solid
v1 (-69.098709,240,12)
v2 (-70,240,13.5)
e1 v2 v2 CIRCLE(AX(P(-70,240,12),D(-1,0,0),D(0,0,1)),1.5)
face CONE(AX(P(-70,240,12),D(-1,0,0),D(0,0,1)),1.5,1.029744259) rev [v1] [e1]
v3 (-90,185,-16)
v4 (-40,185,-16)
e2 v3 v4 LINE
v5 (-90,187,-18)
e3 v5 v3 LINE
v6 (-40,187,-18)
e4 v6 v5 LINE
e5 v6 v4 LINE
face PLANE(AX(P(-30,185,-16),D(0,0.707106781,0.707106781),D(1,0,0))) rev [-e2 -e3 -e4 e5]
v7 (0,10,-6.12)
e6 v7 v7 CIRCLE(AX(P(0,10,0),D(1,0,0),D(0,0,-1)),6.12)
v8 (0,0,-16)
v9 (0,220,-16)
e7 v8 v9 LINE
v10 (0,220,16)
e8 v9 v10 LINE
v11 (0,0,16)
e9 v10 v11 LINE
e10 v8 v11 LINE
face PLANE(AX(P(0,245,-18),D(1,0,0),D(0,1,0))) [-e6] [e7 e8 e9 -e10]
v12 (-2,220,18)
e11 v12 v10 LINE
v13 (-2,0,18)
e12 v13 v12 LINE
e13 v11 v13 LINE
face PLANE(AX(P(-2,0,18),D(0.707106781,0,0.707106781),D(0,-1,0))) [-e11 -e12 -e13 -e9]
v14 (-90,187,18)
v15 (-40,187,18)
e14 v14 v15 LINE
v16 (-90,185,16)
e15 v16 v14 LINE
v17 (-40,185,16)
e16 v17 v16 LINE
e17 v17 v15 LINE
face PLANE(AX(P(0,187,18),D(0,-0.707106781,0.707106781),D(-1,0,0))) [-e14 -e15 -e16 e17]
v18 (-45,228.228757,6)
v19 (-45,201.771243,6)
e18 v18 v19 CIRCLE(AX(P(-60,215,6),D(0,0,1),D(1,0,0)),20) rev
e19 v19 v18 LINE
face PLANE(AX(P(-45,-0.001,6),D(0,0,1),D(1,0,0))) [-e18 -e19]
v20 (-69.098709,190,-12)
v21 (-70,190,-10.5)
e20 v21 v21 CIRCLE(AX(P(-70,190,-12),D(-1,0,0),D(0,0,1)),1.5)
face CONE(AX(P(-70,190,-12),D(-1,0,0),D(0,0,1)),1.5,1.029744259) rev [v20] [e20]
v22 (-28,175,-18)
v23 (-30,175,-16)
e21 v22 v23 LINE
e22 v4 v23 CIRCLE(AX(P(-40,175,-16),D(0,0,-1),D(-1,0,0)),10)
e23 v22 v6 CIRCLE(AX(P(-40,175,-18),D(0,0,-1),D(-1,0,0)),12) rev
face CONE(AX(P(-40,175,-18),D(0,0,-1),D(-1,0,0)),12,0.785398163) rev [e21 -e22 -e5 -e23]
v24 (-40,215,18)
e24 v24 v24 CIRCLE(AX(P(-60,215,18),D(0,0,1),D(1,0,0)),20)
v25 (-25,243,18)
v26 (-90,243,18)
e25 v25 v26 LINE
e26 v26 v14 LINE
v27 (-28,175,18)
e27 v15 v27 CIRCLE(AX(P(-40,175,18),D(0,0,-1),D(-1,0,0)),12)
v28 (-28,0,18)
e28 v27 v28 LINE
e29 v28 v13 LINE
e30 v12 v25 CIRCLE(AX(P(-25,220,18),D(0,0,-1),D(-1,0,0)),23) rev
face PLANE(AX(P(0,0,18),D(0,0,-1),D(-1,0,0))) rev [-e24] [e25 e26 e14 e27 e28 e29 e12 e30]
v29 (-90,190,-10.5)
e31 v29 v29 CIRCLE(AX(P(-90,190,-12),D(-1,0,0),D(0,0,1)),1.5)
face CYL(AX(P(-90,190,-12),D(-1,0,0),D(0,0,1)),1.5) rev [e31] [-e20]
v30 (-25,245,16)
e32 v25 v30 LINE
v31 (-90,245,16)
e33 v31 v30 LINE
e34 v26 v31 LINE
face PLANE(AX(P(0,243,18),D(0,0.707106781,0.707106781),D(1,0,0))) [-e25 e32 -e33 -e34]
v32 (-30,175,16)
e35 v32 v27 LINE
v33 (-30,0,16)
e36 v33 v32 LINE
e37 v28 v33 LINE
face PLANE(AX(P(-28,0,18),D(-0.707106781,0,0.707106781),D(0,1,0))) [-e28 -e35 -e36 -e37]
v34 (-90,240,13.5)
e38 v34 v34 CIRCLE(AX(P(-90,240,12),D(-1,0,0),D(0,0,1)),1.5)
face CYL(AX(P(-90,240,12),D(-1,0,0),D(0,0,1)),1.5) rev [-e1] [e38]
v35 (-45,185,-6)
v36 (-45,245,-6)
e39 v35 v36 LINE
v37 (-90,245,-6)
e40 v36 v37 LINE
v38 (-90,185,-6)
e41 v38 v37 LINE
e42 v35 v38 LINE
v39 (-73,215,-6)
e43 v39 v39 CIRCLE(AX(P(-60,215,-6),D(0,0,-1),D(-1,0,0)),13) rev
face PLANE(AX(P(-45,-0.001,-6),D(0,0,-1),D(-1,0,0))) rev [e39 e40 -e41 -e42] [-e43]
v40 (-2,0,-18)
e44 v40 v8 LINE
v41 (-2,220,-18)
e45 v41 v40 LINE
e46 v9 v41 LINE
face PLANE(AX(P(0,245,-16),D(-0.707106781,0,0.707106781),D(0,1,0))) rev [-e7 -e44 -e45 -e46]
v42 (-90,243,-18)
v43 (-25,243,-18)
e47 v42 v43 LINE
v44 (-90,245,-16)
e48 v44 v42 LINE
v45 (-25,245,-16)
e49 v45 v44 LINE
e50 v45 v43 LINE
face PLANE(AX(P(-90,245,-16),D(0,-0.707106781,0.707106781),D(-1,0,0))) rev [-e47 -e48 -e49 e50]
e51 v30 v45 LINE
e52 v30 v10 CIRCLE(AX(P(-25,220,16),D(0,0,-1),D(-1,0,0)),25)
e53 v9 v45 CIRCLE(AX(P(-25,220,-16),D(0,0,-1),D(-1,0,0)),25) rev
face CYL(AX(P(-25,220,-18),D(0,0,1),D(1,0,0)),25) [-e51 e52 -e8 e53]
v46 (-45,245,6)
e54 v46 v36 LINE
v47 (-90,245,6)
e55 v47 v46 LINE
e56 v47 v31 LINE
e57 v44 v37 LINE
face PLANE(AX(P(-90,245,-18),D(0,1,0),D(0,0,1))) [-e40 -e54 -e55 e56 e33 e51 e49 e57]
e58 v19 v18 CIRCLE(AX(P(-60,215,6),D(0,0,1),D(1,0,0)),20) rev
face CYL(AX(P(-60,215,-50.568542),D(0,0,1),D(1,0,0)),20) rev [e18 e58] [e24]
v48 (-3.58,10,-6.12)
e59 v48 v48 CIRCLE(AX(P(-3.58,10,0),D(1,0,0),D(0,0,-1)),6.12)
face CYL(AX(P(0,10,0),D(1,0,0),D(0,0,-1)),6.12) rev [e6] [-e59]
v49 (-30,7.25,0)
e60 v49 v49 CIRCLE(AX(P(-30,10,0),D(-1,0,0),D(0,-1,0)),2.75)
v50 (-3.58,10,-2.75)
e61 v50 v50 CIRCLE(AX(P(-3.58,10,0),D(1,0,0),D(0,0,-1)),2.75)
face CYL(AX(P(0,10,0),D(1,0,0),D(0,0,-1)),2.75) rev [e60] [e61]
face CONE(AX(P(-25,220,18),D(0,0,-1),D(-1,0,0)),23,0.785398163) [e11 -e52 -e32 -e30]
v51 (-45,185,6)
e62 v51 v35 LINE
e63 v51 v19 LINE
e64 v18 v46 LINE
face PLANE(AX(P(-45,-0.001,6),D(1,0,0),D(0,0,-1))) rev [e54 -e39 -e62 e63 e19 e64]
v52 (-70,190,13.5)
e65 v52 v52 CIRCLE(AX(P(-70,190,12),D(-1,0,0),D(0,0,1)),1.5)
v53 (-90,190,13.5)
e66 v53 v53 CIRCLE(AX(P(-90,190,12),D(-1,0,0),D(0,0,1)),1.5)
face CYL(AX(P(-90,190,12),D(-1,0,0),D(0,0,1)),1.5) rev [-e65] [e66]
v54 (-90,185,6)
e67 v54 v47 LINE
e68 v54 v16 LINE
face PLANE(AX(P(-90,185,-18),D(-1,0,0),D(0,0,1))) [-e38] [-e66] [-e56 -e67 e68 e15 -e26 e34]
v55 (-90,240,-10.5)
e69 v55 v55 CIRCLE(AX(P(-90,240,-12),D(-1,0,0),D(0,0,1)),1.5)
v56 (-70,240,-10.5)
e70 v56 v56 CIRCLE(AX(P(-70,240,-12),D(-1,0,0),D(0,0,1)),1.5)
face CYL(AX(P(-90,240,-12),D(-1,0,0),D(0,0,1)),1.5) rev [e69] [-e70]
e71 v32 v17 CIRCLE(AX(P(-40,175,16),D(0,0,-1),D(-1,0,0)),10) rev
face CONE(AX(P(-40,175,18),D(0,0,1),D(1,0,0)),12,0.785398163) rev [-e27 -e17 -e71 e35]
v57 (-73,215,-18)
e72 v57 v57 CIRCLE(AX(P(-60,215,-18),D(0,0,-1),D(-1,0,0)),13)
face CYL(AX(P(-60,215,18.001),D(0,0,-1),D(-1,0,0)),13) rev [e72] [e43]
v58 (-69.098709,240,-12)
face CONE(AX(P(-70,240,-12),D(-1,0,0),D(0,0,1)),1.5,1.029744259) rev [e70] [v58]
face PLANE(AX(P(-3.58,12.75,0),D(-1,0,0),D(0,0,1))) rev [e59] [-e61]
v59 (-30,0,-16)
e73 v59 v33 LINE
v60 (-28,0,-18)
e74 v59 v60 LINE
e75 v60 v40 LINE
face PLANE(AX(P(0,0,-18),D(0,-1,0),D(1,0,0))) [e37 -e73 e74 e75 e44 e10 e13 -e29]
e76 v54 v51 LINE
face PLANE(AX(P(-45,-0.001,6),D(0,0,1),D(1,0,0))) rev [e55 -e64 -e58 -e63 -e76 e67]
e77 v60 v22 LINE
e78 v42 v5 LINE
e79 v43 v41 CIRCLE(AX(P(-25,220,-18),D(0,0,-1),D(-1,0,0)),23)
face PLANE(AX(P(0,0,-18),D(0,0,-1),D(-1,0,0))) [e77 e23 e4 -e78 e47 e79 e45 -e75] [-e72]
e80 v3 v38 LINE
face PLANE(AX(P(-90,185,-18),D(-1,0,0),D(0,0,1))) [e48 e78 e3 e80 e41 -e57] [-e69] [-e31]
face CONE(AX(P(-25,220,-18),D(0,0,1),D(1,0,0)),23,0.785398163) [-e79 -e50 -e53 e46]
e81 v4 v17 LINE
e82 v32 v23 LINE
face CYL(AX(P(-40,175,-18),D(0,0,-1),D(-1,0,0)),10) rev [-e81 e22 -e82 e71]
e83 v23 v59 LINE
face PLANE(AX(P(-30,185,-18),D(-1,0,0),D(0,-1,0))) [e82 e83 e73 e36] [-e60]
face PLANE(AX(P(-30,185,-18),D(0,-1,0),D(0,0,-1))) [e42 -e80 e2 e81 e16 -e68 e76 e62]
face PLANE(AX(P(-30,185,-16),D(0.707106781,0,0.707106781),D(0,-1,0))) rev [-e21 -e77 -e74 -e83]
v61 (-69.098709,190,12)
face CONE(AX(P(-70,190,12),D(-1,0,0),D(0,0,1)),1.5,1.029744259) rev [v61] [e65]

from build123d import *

# Parameters (mm, degrees)
BOSS_EXTRUDE1_DEPTH                     = 18
CUT_EXTRUDE1_REACH                      = 263.628
SKETCH3_W                               = 45
SKETCH3_H                               = 12
FILLET1_R                               = 25
FILLET2_R                               = 10
SKETCH4_R                               = 20
CUT_EXTRUDE2_DEPTH                      = 12
CUT_EXTRUDE3_REACH                      = 265.479
SKETCH5_R                               = 13
CHAMFER1_SIZE                           = 2
CBORE_FOR_M5_HEX_HEAD_BOLT1_D           = 5.5
CBORE_FOR_M5_HEX_HEAD_BOLT1_CBORE_D     = 12.24
CBORE_FOR_M5_HEX_HEAD_BOLT1_CBORE_DEPTH = 3.58
F_3_0MM_DOWEL_HOLE1_D                   = 3
F_3_0MM_DOWEL_HOLE1_DEPTH               = 20
F_3_0MM_DOWEL_HOLE1_TIP                 = 0.901290929


with BuildPart() as part:
    # Sketch1 → Boss-Extrude1 (new, symmetric)
    with BuildSketch(Plane.XY):
        Polygon((0, 0), (-30, 0), (-30, 185), (-90, 185), (-90, 245), (0, 245), align=None)
    extrude(amount=BOSS_EXTRUDE1_DEPTH, both=True)

    # Sketch3 → Cut-Extrude1 (cut, up to next)
    with BuildSketch(Plane(origin=(0, 245, 0), x_dir=(1, 0, 0), z_dir=(0, 1, 0)), mode=Mode.PRIVATE) as cut_extrude1_sk1:
        with Locations((-67.5, 0)):
            Rectangle(SKETCH3_W, SKETCH3_H)
    cut_extrude1_tool1 = extrude(cut_extrude1_sk1.sketch, amount=-CUT_EXTRUDE1_REACH, mode=Mode.PRIVATE) & part.part
    add(cut_extrude1_tool1.solids().sort_by_distance((-67.5, 245, 0))[0], mode=Mode.SUBTRACT)

    # Fillet1
    fillet1_edges = [part.edges().sort_by_distance(p)[0] for p in [
        (0, 245, 0),
    ]]
    fillet(fillet1_edges, radius=FILLET1_R)

    # Fillet2
    fillet2_edges = [part.edges().sort_by_distance(p)[0] for p in [
        (-30, 185, 0),
    ]]
    fillet(fillet2_edges, radius=FILLET2_R)

    # Sketch4 → Cut-Extrude2 (cut)
    with BuildSketch(Plane.XY.offset(18)):
        with Locations((-60, 215)):
            Circle(SKETCH4_R)
    extrude(amount=-CUT_EXTRUDE2_DEPTH, mode=Mode.SUBTRACT)

    # Sketch5 → Cut-Extrude3 (cut, up to next)
    with BuildSketch(Plane(origin=(0, 0, -18), x_dir=(-1, 0, 0), z_dir=(0, 0, -1)), mode=Mode.PRIVATE) as cut_extrude3_sk1:
        with Locations((60, 215)):
            Circle(SKETCH5_R)
    cut_extrude3_tool1 = extrude(cut_extrude3_sk1.sketch, amount=-CUT_EXTRUDE3_REACH, mode=Mode.PRIVATE) & part.part
    add(cut_extrude3_tool1.solids().sort_by_distance((-60, 215, -18))[0], mode=Mode.SUBTRACT)

    # Chamfer1
    chamfer1_edges = [part.edges().sort_by_distance(p)[0] for p in [
        (-65, 185, -18),
        (-57.5, 245, 18),
        (-7.32233047, 237.67766953, 18),
        (-57.5, 245, -18),
        (-7.32233047, 237.67766953, -18),
        (-30, 87.5, 18),
        (-30, 87.5, -18),
        (-32.928932188, 182.071067812, 18),
        (-32.928932188, 182.071067812, -18),
        (0, 110, -18),
        (-65, 185, 18),
        (0, 110, 18),
    ]]
    chamfer(chamfer1_edges, length=CHAMFER1_SIZE)

    # CBORE for M5 Hex Head Bolt1 (through all)
    with Locations(Plane(origin=(0, 0, 0), x_dir=(0, 0, -1), z_dir=(1, 0, 0))):
        with Locations((0, 10)):
            CounterBoreHole(CBORE_FOR_M5_HEX_HEAD_BOLT1_D / 2, CBORE_FOR_M5_HEX_HEAD_BOLT1_CBORE_D / 2, CBORE_FOR_M5_HEX_HEAD_BOLT1_CBORE_DEPTH)

    # Ø3.0mm Dowel Hole1
    with Locations(Plane.ZY.offset(90)):
        with Locations((12, 240), (-12, 190), (-12, 240), (12, 190)):
            Hole(F_3_0MM_DOWEL_HOLE1_D / 2, depth=F_3_0MM_DOWEL_HOLE1_DEPTH)
            with Locations((0, 0, -(F_3_0MM_DOWEL_HOLE1_DEPTH + F_3_0MM_DOWEL_HOLE1_TIP / 2))):  # 118° drill point
                Cone(0, F_3_0MM_DOWEL_HOLE1_D / 2, F_3_0MM_DOWEL_HOLE1_TIP, mode=Mode.SUBTRACT)


solid = part.part
